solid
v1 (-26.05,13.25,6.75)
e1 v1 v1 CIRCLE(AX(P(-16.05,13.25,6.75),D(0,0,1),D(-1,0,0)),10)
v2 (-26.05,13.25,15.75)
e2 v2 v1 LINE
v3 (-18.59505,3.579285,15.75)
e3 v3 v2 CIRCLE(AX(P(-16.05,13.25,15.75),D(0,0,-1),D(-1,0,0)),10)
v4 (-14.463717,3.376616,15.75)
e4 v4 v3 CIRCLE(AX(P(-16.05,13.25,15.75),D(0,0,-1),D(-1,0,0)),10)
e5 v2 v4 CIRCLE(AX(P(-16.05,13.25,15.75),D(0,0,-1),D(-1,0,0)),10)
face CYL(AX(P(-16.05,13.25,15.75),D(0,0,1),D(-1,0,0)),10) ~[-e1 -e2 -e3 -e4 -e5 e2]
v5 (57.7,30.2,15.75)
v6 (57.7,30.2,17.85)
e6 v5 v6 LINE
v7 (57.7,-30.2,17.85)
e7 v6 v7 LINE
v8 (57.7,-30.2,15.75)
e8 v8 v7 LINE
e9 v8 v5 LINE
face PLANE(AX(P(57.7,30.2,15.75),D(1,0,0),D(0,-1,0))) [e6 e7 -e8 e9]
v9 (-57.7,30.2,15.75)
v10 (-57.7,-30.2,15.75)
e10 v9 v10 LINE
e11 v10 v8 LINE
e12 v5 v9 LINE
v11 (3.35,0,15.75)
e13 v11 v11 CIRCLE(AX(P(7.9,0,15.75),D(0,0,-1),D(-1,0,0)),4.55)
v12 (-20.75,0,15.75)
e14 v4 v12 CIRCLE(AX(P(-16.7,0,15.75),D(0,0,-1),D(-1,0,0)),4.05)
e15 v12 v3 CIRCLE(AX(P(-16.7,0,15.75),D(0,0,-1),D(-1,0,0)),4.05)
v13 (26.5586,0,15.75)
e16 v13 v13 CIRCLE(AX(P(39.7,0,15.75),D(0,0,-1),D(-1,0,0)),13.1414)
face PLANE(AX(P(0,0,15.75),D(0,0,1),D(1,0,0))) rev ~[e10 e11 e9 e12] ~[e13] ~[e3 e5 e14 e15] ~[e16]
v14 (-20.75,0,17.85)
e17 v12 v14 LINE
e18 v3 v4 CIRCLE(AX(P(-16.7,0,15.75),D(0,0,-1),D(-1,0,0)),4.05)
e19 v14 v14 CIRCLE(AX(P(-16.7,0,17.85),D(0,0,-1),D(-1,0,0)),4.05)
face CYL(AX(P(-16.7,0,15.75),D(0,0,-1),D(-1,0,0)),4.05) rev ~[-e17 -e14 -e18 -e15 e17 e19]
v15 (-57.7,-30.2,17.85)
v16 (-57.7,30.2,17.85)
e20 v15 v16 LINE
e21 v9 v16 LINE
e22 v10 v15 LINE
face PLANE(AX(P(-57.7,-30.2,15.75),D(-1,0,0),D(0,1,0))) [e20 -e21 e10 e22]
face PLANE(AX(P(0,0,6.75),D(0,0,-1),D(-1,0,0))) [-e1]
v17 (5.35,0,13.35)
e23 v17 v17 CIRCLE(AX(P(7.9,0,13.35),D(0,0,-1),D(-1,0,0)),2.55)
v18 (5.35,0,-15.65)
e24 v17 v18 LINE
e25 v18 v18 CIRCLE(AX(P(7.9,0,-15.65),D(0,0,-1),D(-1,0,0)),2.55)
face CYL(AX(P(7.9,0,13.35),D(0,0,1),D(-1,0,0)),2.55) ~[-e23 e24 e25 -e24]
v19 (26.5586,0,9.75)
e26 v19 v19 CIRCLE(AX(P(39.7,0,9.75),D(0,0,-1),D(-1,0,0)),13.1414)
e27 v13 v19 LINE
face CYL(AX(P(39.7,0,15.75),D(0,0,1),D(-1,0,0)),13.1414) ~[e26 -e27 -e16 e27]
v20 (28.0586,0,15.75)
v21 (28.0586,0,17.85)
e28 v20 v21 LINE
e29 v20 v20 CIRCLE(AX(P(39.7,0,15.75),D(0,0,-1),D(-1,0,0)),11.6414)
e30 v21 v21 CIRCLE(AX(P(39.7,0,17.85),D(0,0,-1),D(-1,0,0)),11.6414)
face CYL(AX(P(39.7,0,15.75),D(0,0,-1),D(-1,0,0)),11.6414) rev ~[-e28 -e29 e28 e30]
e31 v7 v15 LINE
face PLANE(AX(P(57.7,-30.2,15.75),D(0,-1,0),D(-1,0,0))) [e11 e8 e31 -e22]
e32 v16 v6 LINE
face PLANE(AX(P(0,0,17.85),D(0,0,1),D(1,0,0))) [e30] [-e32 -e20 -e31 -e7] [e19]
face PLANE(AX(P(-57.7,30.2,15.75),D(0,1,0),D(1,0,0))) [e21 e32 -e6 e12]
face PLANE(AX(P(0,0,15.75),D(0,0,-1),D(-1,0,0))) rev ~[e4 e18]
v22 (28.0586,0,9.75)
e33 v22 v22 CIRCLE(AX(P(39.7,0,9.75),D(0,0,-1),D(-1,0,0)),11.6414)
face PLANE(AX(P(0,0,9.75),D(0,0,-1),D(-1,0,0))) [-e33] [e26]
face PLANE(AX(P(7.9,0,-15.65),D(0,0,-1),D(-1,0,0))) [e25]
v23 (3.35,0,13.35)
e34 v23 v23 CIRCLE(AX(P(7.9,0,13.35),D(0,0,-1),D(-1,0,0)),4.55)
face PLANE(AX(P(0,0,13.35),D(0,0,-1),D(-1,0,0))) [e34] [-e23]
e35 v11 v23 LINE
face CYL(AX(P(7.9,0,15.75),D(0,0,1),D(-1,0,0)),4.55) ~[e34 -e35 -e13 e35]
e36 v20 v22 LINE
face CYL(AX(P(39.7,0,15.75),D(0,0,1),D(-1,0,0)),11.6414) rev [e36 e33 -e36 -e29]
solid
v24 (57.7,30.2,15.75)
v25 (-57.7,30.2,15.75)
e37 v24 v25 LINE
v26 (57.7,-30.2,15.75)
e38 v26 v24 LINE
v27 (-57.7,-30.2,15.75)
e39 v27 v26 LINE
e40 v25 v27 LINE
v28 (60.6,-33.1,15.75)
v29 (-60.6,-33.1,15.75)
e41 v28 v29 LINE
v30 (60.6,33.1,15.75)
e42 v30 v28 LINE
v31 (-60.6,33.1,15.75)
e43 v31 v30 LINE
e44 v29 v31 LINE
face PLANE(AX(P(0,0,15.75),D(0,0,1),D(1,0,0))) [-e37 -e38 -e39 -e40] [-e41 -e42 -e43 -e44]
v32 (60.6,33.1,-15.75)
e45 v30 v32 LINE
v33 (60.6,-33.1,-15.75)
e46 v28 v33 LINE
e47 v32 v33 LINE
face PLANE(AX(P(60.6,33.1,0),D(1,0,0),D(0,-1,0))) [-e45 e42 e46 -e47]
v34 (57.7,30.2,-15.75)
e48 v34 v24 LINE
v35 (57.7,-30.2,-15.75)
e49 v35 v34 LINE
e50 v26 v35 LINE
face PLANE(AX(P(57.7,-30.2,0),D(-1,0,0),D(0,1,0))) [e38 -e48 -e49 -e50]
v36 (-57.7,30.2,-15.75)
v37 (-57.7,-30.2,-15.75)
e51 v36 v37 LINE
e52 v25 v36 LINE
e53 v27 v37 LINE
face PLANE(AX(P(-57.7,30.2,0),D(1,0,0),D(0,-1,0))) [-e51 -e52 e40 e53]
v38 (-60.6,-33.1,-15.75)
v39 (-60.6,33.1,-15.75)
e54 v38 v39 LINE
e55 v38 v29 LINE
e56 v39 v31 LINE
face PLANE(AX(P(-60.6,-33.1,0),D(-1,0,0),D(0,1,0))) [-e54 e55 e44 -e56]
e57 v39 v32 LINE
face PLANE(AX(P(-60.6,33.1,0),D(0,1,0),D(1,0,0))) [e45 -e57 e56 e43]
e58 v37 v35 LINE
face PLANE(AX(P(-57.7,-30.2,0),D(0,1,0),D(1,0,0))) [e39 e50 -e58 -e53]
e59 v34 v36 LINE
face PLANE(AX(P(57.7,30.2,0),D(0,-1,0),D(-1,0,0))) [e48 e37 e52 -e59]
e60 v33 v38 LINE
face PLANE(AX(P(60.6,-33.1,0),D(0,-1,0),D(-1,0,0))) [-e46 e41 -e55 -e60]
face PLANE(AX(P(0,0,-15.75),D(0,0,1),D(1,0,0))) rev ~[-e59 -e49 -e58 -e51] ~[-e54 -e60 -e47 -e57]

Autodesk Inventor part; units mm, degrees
ref_plane "YZ Plane" through (0, 0, 0) normal (1, 0, 0) x (0, 1, 0)
ref_plane "XZ Plane" through (0, 0, 0) normal (0, 1, 0) x (-1, 0, 0)
ref_plane "XY Plane" through (0, 0, 0) normal (0, 0, 1) x (1, 0, 0)
sketch "Sketch1" plane through (0, 0, 0) normal (0, 0, 1) x (1, 0, 0)
  line L0 (-60.6, 33.1) -> (60.6, 33.1)
  line L1 (60.6, 33.1) -> (60.6, -33.1)
  line L2 (60.6, -33.1) -> (-60.6, -33.1)
  line L3 (-60.6, -33.1) -> (-60.6, 33.1)
  line L4 (57.7, 30.2) -> (-57.7, 30.2)
  line L5 (-57.7, 30.2) -> (-57.7, -30.2)
  line L6 (-57.7, -30.2) -> (57.7, -30.2)
  line L7 (57.7, -30.2) -> (57.7, 30.2)
  point P0 (0, 0)
  dimension "d0" = 121.2
  dimension "d1" = 66.2
  dimension "d2" = 60.6
  dimension "d3" = 33.1
  dimension "d4" = 2.9
extrude "Extrusion1" add sketch "Sketch1" along normal mid plane 31.5
sketch "Sketch2" plane through (0, 0, 15.75) normal (0, 0, 1) x (1, 0, 0)
  line L0 (-57.7, 30.2) -> (57.7, 30.2)
  line L1 (57.7, 30.2) -> (57.7, -30.2)
  line L2 (57.7, -30.2) -> (-57.7, -30.2)
  line L3 (-57.7, -30.2) -> (-57.7, 30.2)
  point P0 (0, 0)
  dimension "d41" = 115.4
  dimension "d42" = 60.4
extrude "Extrusion2" add sketch "Sketch2" along normal blind 2.1
sketch "Sketch3" plane through (0, 0, 15.75) normal (0, 0, -1) x (-1, 0, 0)
  line L0 (57.7, -30.2) -> (57.7, 30.2) projected
  line L1 (57.7, 30.2) -> (-57.7, 30.2) projected
  line L2 (-57.7, 30.2) -> (-57.7, -30.2) projected
  line L3 (-57.7, -30.2) -> (57.7, -30.2) projected
  line L4 (-57.7, -30.2) -> (-57.7, 30.2) projected
  line L5 (57.7, -30.2) -> (57.7, 30.2) projected
  line L6 (57.7, 30.2) -> (-57.7, 30.2) projected
  line L7 (-57.7, 30.2) -> (-57.7, -30.2) projected
  line L8 (-57.7, -30.2) -> (57.7, -30.2) projected
  circle A0 centre (16.7, 0) radius 4.05
  circle A1 centre (-39.7, 0) radius 11.6414
  point P0 (0, 0)
  dimension "d9" = 8.1
  dimension "d10" = 41
  dimension "d11" = 30.2
  dimension "d12" = 30.2
  dimension "d13" = 18
  dimension "d28" = 60.4
  dimension "d43" = 56.4
extrude "Extrusion3" cut sketch "Sketch3" against normal through all contours A0 | A1
sketch "Sketch4" plane through (0, 0, 15.75) normal (0, 0, -1) x (-1, 0, 0)
  circle A0 centre (-39.7, 0) radius 11.6414 projected
  circle A1 centre (-39.7, 0) radius 13.1414
  point P0 (0, 0)
  dimension "d16" = 23.2828
  dimension "d17" = 26.2828
extrude "Extrusion4" add sketch "Sketch4" along normal blind 6
sketch "Sketch5" plane through (0, 0, 15.75) normal (0, 0, -1) x (-1, 0, 0)
  circle A0 centre (-39.7, 0) radius 13.1414 projected
  circle A1 centre (-7.9, 0) radius 4.55
  circle A2 centre (16.7, 0) radius 4.05 projected
  line L0 (57.7, -30.2) -> (57.7, 30.2) projected
  point P0 (0, 0)
  dimension "d20" = 9.1
  dimension "d21" = 31.8
  dimension "d22" = 0
  dimension "d29" = 24.6
  dimension "d30" = 65.6
  dimension "d31" = 8.1
  dimension "d32" = 41
extrude "Extrusion5" add sketch "Sketch5" along normal blind 2.4 contours A1
sketch "Sketch6" plane through (7.9, 0, 13.35) normal (0, 0, -1) x (-1, 0, 0)
  circle A0 centre (0, 0) radius 4.55 projected
  circle A1 centre (0, 0) radius 2.55
  point P0 (7.9, 0)
  dimension "d25" = 5.1
extrude "Extrusion6" add sketch "Sketch6" along normal blind 29 contours A1
sketch "Sketch7" plane through (0, 0, 15.75) normal (0, 0, -1) x (-1, 0, 0)
  circle A0 centre (-7.9, 0) radius 4.55 projected
  circle A1 centre (16.7, 0) radius 4.05 projected
  circle A2 centre (16.05, 13.25) radius 10
  point P0 (0, 0)
  dimension "d33" = 13.25
  dimension "d34" = 20
  dimension "d36" = 23.95
  dimension "d37" = 8.1
extrude "Extrusion7" add sketch "Sketch7" along normal blind 9 contours A2 A1 | A1 A2 picked at (16.671, 3.5384) picked at (16.4323, 16.7993)
equation "\"d2\" = 0.5 * d0"
equation "\"d3\" = 0.5 * d1"
equation "\"d11\" = 0.5 * d28"
equation "\"d12\" = d11"
properties part number "Casing"
